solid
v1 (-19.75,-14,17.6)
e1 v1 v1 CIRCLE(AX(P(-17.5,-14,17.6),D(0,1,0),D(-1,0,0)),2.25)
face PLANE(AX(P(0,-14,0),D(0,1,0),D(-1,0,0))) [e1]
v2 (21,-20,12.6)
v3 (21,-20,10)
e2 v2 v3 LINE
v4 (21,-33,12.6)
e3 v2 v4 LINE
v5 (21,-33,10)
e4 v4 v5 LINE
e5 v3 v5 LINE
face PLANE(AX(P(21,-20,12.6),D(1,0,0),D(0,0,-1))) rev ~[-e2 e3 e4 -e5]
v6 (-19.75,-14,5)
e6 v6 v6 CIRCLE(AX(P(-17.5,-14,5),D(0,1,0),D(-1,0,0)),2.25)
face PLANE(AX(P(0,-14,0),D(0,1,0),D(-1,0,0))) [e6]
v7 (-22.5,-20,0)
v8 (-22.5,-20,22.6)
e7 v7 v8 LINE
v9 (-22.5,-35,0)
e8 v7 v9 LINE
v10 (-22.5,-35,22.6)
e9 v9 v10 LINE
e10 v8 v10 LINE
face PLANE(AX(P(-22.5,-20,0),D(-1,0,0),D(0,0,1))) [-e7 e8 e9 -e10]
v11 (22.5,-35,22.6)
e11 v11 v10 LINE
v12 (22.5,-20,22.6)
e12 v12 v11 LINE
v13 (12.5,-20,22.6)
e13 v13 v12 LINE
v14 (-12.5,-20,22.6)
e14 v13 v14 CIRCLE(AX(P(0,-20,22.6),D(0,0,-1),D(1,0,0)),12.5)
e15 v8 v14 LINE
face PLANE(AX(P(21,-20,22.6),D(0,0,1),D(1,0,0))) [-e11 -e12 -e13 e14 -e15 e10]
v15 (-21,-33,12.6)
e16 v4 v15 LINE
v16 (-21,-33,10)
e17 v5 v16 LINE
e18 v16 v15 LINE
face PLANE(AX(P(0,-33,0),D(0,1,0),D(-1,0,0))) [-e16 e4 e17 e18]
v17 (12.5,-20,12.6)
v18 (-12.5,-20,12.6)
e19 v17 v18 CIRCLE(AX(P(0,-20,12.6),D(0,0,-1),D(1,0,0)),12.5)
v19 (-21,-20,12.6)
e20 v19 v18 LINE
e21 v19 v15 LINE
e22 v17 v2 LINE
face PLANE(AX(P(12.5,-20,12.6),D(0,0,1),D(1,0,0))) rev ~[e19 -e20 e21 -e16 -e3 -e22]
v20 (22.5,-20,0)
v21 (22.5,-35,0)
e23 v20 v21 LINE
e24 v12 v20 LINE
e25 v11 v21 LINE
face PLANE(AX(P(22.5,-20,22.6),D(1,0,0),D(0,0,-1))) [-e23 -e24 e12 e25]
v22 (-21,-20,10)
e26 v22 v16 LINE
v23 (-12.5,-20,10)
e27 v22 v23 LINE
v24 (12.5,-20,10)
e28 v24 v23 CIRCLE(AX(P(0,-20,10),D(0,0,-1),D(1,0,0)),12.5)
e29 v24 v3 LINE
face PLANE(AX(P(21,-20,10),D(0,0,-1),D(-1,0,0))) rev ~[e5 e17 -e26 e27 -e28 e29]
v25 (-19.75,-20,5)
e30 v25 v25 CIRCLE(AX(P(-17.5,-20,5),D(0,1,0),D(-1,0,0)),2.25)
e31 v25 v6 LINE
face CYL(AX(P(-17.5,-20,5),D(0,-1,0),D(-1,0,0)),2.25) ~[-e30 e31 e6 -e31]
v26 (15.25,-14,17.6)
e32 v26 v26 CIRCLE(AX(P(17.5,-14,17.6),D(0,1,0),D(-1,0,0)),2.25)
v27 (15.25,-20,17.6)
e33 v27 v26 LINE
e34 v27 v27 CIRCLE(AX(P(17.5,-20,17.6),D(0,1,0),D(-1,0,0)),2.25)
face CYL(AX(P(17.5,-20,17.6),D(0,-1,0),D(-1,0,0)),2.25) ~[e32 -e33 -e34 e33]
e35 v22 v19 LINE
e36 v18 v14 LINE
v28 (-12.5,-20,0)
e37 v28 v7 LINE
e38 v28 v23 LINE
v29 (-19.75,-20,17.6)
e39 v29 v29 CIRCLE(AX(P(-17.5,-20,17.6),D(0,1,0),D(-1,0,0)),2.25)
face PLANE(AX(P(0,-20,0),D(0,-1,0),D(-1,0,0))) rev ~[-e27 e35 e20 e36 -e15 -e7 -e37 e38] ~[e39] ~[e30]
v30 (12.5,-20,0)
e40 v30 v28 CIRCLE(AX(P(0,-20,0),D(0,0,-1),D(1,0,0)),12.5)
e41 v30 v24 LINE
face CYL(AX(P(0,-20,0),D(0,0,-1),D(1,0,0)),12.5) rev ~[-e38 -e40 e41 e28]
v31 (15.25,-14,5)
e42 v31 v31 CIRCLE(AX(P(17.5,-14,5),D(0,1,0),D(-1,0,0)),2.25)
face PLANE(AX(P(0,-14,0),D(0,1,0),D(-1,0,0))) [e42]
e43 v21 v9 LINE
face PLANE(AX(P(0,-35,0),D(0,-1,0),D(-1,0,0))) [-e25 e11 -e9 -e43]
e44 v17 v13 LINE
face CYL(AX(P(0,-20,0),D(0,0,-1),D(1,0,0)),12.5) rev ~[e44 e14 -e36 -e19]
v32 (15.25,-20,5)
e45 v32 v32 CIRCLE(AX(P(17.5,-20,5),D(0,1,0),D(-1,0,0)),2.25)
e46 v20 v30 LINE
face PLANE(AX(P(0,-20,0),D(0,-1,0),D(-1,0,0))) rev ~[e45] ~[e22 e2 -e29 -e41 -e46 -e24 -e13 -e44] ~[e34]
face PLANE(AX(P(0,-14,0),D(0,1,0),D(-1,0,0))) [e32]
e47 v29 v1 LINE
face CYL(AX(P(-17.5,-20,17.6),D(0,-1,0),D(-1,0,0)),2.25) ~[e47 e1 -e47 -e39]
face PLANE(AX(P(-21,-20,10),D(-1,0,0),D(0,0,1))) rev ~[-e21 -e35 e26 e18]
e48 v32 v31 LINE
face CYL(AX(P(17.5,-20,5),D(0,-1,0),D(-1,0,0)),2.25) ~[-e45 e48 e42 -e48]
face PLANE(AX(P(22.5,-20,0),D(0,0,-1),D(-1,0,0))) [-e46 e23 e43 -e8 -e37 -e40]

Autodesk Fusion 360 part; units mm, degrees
sketch "スケッチ1" plane through (0, 0, 0) normal (0, 1, 0) x (1, 0, 0)
  line L0 (-21, 0) -> (21, 0)
  line L1 (21, 0) -> (21, -72.5)
  line L2 (21, -72.5) -> (-21, -72.5)
  line L3 (-21, -72.5) -> (-21, 0)
  line L4 (6.5, -72.5) -> (-6.5, -72.5)
  line L5 (-6.5, -72.5) -> (-6.5, -96.5)
  line L6 (-6.5, -96.5) -> (6.5, -96.5)
  line L7 (6.5, -96.5) -> (6.5, -72.5)
  line L8 (-12.5, -160.5) -> (9, -160.5)
  line L9 (9, -160.5) -> (9, -96.5)
  line L10 (9, -96.5) -> (-12.5, -96.5)
  line L11 (-12.5, -96.5) -> (-12.5, -160.5)
  line L12 (-21, -67.5) -> (21, -67.5) construction
  circle A0 centre (-12, -67.5) radius 1.75
  circle A1 centre (12, -67.5) radius 1.75
  line L13 (0, -1.75) -> (0, -22.5)
  circle A2 centre (0, -155.5) radius 2
  dimension "d1" = 42
  dimension "d2" = 5
  dimension "d3" = 3.5
  dimension "d4" = 3.5
  dimension "d5" = 24
  dimension "d6" = 72.5
  dimension "d7" = 13
  dimension "d8" = 2.5
  dimension "d9" = 6
  dimension "d10" = 24
  dimension "d11" = 64
  dimension "d12" = 4
  dimension "d13" = 5
extrude "押し出し1" add sketch "スケッチ1" against normal blind 2 makes body 1
sketch "スケッチ2" plane through (0, 0, 0) normal (0, 1, 0) x (-1, 0, 0)
  circle A0 centre (12, 67.5) radius 1.75
  circle A1 centre (-12, 67.5) radius 1.75
  circle A2 centre (0, 155.5) radius 2
  line L0 (6.5, 72.5) -> (6.5, 96.5)
  line L1 (6.5, 96.5) -> (12.5, 96.5)
  line L2 (12.5, 96.5) -> (12.5, 160.5)
  line L3 (12.5, 160.5) -> (-9, 160.5)
  line L4 (-9, 160.5) -> (-9, 96.5)
  line L5 (-9, 96.5) -> (-6.5, 96.5)
  line L6 (-6.5, 96.5) -> (-6.5, 72.5)
  line L7 (-6.5, 72.5) -> (-21, 72.5)
  line L8 (-21, 72.5) -> (-21, 0)
  line L9 (-21, 0) -> (21, 0)
  line L10 (21, 0) -> (21, 72.5)
  line L11 (21, 72.5) -> (6.5, 72.5)
  line L12 (-21, 0) -> (-22.5, 0)
  line L13 (-22.5, 0) -> (-22.5, 74)
  line L14 (-22.5, 74) -> (-8, 74)
  line L15 (-8, 74) -> (-8, 95)
  line L16 (-8, 95) -> (-10.5, 95)
  line L17 (-10.5, 95) -> (-10.5, 160.5)
  line L18 (-10.5, 160.5) -> (-9, 160.5)
  line L19 (12.5, 160.5) -> (14, 160.5)
  line L20 (14, 160.5) -> (14, 95)
  line L21 (14, 95) -> (8, 95)
  line L22 (8, 95) -> (8, 74)
  line L23 (8, 74) -> (22.5, 74)
  line L24 (22.5, 74) -> (22.5, 0)
  line L25 (22.5, 0) -> (21, 0)
  dimension "d16" = 1.5
  dimension "d17" = 1.5
  dimension "d18" = 1.5
  dimension "d19" = 1.5
  dimension "d20" = 1.5
  dimension "d22" = 1.5
  dimension "d23" = 1.5
  dimension "d24" = 1.5
  dimension "d25" = 1.5
  dimension "d26" = 1.5
extrude "押し出し2" add sketch "スケッチ2" against normal blind 15 contours L0 L1 L2 L10 L11 L19 L20 L21 L22 L23 L24 L25 | L4 L5 L6 L7 L8 L12 L13 L14 L15 L16 L17 L18 bodies 1
sketch "スケッチ3" plane through (0, -2, 0) normal (0, -1, 0) x (1, 0, 0)
  circle A0 centre (-12, 67.5) radius 1.75
  circle A1 centre (12, 67.5) radius 1.75
  circle A2 centre (0, 155.5) radius 2
  line L0 (-6.5, 96.5) -> (-6.5, 72.5)
  line L1 (-6.5, 72.5) -> (-21, 72.5)
  line L2 (-21, 72.5) -> (-21, 0)
  line L3 (-21, 0) -> (21, 0)
  line L4 (21, 0) -> (21, 72.5)
  line L5 (21, 72.5) -> (6.5, 72.5)
  line L6 (6.5, 72.5) -> (6.5, 96.5)
  line L7 (6.5, 96.5) -> (9, 96.5)
  line L8 (9, 96.5) -> (9, 160.5)
  line L9 (9, 160.5) -> (-12.5, 160.5)
  line L10 (-12.5, 160.5) -> (-12.5, 96.5)
  line L11 (-12.5, 96.5) -> (-6.5, 96.5)
  line L12 (-21, 0) -> (21, 0)
  line L13 (21, 0) -> (21, 10)
  line L14 (21, 10) -> (-21, 10)
  line L15 (-21, 10) -> (-21, 0)
  line L16 (-21, 12.6) -> (21, 12.6)
  line L17 (21, 12.6) -> (21, 22.6)
  line L18 (21, 22.6) -> (-21, 22.6)
  line L19 (-21, 22.6) -> (-21, 12.6)
  dimension "d29" = 10
  dimension "d30" = 10
  dimension "d31" = 2.6
extrude "押し出し3" add sketch "スケッチ3" along normal up to surface (13 mm away) contours L2 L4 L16 L17 L18 L19 | L2 L3 L4 L12 L13 L14 L15 bodies 1
sketch "スケッチ4" plane through (0, 0, 0) normal (0, 0, -1) x (1, 0, 0)
  line L0 (-22.5, 0) -> (22.5, 0)
  line L1 (22.5, 0) -> (22.5, 15)
  line L2 (22.5, 15) -> (-22.5, 15)
  line L3 (-22.5, 15) -> (-22.5, 0)
  arc A0 (-12.5, 15) -> (12.5, 15) centre (0, 15) ccw
  dimension "d34" = 25
extrude "押し出し4" cut sketch "スケッチ4" against normal up to surface (22.6 mm away) contours L2 A0 bodies 1
sketch "スケッチ10" plane through (0, -2, 0) normal (0, -1, 0) x (1, 0, 0)
  circle A0 centre (12, 67.5) radius 1.75
  circle A1 centre (0, 155.5) radius 2
  circle A2 centre (-12, 67.5) radius 1.75
  line L0 (-21, 22.6) -> (21, 22.6)
  line L1 (21, 22.6) -> (21, 72.5)
  line L2 (21, 72.5) -> (6.5, 72.5)
  line L3 (6.5, 72.5) -> (6.5, 96.5)
  line L4 (6.5, 96.5) -> (9, 96.5)
  line L5 (9, 96.5) -> (9, 160.5)
  line L6 (9, 160.5) -> (-12.5, 160.5)
  line L7 (-12.5, 160.5) -> (-12.5, 96.5)
  line L8 (-12.5, 96.5) -> (-6.5, 96.5)
  line L9 (-6.5, 96.5) -> (-6.5, 72.5)
  line L10 (-6.5, 72.5) -> (-21, 72.5)
  line L11 (-21, 72.5) -> (-21, 22.6)
  circle A3 centre (0, 155.5) radius 4
  dimension "d48" = 8
extrude "押し出し9" add sketch "スケッチ10" along normal blind 6 contours A3 bodies 1
sketch "スケッチ9" plane through (0, -2, 0) normal (0, -1, 0) x (1, 0, 0)
  circle A0 centre (12, 67.5) radius 1.75
  circle A1 centre (-12, 67.5) radius 1.75
  line L0 (-21, 22.6) -> (21, 22.6)
  line L1 (21, 22.6) -> (21, 72.5)
  line L2 (21, 72.5) -> (6.5, 72.5)
  line L3 (6.5, 72.5) -> (6.5, 96.5)
  line L4 (6.5, 96.5) -> (9, 96.5)
  line L5 (9, 96.5) -> (9, 160.5)
  line L6 (9, 160.5) -> (-12.5, 160.5)
  line L7 (-12.5, 160.5) -> (-12.5, 96.5)
  line L8 (-12.5, 96.5) -> (-6.5, 96.5)
  line L9 (-6.5, 96.5) -> (-6.5, 72.5)
  line L10 (-6.5, 72.5) -> (-21, 72.5)
  line L11 (-21, 72.5) -> (-21, 22.6)
  line L12 (-21, 72.5) -> (21, 72.5)
  line L13 (21, 72.5) -> (21, 62.5)
  line L14 (21, 62.5) -> (-21, 62.5)
  line L15 (-21, 62.5) -> (-21, 72.5)
  circle A2 centre (0, 155.5) radius 4
  dimension "d45" = 10
extrude "押し出し8" add sketch "スケッチ9" along normal blind 1 contours L1 L2 L10 L11 L12 L13 L14 L15 bodies 1
ref_plane "作業平面1" through (0, -20, 80.25) normal (0, -1, 0) x (0, 0, -1)
sketch "スケッチ6" plane through (0, -20, 0) normal (0, -1, 0) x (-1, 0, 0)
  line L0 (-22.5, 0) -> (22.5, 0)
  line L1 (22.5, 0) -> (22.5, -22.6)
  line L2 (22.5, -22.6) -> (-22.5, -22.6)
  line L3 (-22.5, -22.6) -> (-22.5, 0)
  line L4 (-22.5, 0) -> (-22.5, -74)
  line L5 (-12.5, -22.6) -> (-21, -22.6)
  line L6 (-12.5, 0) -> (-22.5, 0)
  line L7 (22.5, -74) -> (22.5, 0)
extrude "押し出し5" add sketch "スケッチ6" along normal blind 15 separate body makes body 2
sketch "スケッチ7" plane through (0, 0, 0) normal (0, 0, -1) x (1, 0, 0)
  line L0 (-22.5, 20) -> (22.5, 20)
  line L1 (22.5, 20) -> (22.5, 35)
  line L2 (22.5, 35) -> (-22.5, 35)
  line L3 (-22.5, 35) -> (-22.5, 20)
  arc A0 (12.5, 20) -> (-12.5, 20) centre (0, 20) ccw
  dimension "d40" = 25
extrude "押し出し6" cut sketch "スケッチ7" against normal up to surface (22.6 mm away) contours L0 A0 bodies 2
sketch "スケッチ8" plane through (0, -20, 0) normal (0, 1, 0) x (-1, 0, 0)
  line L0 (-12.5, 0) -> (-12.5, 22.6)
  line L1 (-12.5, 22.6) -> (-22.5, 22.6)
  line L2 (-22.5, 22.6) -> (-22.5, 0)
  line L3 (-22.5, 0) -> (-12.5, 0)
  line L4 (21, 12.6) -> (-21, 12.6)
  line L5 (-21, 12.6) -> (-21, 10)
  line L6 (-21, 10) -> (21, 10)
  line L7 (21, 10) -> (21, 12.6)
  point P0 (21, 12.6)
  point P1 (21, 10)
  point P2 (-21, 12.6)
extrude "押し出し7" cut sketch "スケッチ8" against normal blind 13 contours L0 L4 L5 L6 | L0 L4 L6 L7 bodies 2
sketch "スケッチ11" plane through (0, -15, 0) normal (0, -1, 0) x (1, 0, 0)
  line L0 (-12.5, 0) -> (-12.5, 10)
  line L1 (-12.5, 10) -> (-21, 10)
  line L2 (-21, 10) -> (-21, 12.6)
  line L3 (-21, 12.6) -> (-12.5, 12.6)
  line L4 (-12.5, 12.6) -> (-12.5, 22.6)
  line L5 (-12.5, 22.6) -> (-21, 22.6)
  line L6 (-21, 22.6) -> (-21, 72.5)
  line L7 (-21, 72.5) -> (-6.5, 72.5)
  line L8 (-6.5, 72.5) -> (-6.5, 96.5)
  line L9 (-6.5, 96.5) -> (-12.5, 96.5)
  line L10 (-12.5, 96.5) -> (-12.5, 160.5)
  line L11 (-12.5, 160.5) -> (-14, 160.5)
  line L12 (-14, 160.5) -> (-14, 95)
  line L13 (-14, 95) -> (-8, 95)
  line L14 (-8, 95) -> (-8, 74)
  line L15 (-8, 74) -> (-22.5, 74)
  line L16 (-22.5, 74) -> (-22.5, 0)
  line L17 (-22.5, 0) -> (-12.5, 0)
  line L18 (-17.5, 17.6) -> (17.5, 17.6) construction
  line L19 (17.5, 17.6) -> (17.5, 5) construction
  line L20 (17.5, 5) -> (-17.5, 5) construction
  line L21 (-17.5, 5) -> (-17.5, 17.6) construction
  line L22 (22.5, 0) -> (22.5, 74)
  circle A0 centre (-17.5, 17.6) radius 2.5
  circle A1 centre (17.5, 17.6) radius 2.5
  circle A2 centre (-17.5, 5) radius 2.5
  circle A3 centre (17.5, 5) radius 2.5
  dimension "d51" = 5
  dimension "d52" = 5
  dimension "d53" = 5
  dimension "d54" = 5
  dimension "d55" = 5
  dimension "d56" = 5
  dimension "d57" = 5
  dimension "d58" = 5
extrude "押し出し10" cut sketch "スケッチ11" against normal blind 10 contours A0 | A1 | A2 | A3 bodies 1
sketch "スケッチ12" plane through (0, -20, 0) normal (0, 1, 0) x (-1, 0, 0)
  line L0 (12.5, 12.6) -> (21, 12.6)
  line L1 (21, 12.6) -> (21, 10)
  line L2 (21, 10) -> (12.5, 10)
  line L3 (12.5, 10) -> (12.5, 0)
  line L4 (12.5, 0) -> (22.5, 0)
  line L5 (22.5, 0) -> (22.5, 22.6)
  line L6 (22.5, 22.6) -> (12.5, 22.6)
  line L7 (12.5, 22.6) -> (12.5, 12.6)
  circle A0 centre (17.5, 17.6) radius 2.5
  circle A1 centre (17.5, 17.6) radius 2.5
  circle A2 centre (17.5, 5) radius 2.5
  circle A3 centre (-17.5, 17.6) radius 2.5
  circle A4 centre (-17.5, 5) radius 2.5
  circle A5 centre (-17.5, 17.6) radius 2.25
  circle A6 centre (-17.5, 5) radius 2.25
  circle A7 centre (17.5, 17.6) radius 2.25
  circle A8 centre (17.5, 5) radius 2.25
  dimension "d63" = 4.5
  dimension "d64" = 4.5
  dimension "d65" = 4.5
  dimension "d66" = 4.5
extrude "押し出し12" add sketch "スケッチ12" along normal blind 6 contours A5 | A6 | A7 | A8 bodies 2
sketch "スケッチ14" plane through (0, 0, 0) normal (0, 1, 0) x (-1, 0, 0)
  circle A0 centre (0, 155.5) radius 2
  circle A1 centre (12, 67.5) radius 1.75
  circle A2 centre (-12, 67.5) radius 1.75
  line L0 (14, 160.5) -> (-10.5, 160.5)
  line L1 (-10.5, 160.5) -> (-10.5, 95)
  line L2 (-10.5, 95) -> (-8, 95)
  line L3 (-8, 95) -> (-8, 74)
  line L4 (-8, 74) -> (-22.5, 74)
  line L5 (-22.5, 74) -> (-22.5, 0)
  line L6 (-22.5, 0) -> (22.5, 0)
  line L7 (22.5, 0) -> (22.5, 74)
  line L8 (22.5, 74) -> (8, 74)
  line L9 (8, 74) -> (8, 95)
  line L10 (8, 95) -> (14, 95)
  line L11 (14, 95) -> (14, 160.5)
  line L12 (14, 149) -> (15.5, 149)
  line L13 (15.5, 149) -> (14, 150.5)
  line L14 (14, 126.5) -> (15.5, 126.5)
  line L15 (15.5, 126.5) -> (14, 125)
  line L16 (-10.5, 150.5) -> (-12, 149)
  line L17 (-12, 149) -> (-10.5, 149)
  line L18 (-10.5, 126.5) -> (-12, 126.5)
  line L19 (-12, 126.5) -> (-10.5, 125)
  dimension "d79" = 10
  dimension "d80" = 10
  dimension "d81" = 1.5
  dimension "d82" = 1.5
  dimension "d83" = 22.5
  dimension "d84" = 1.5
  dimension "d85" = 1.5
  dimension "d86" = 1.5
  dimension "d88" = 1.5
  dimension "d89" = 1.5
extrude "押し出し13" add sketch "スケッチ14" against normal up to surface (15 mm away) contours L11 L12 L13 | L1 L16 L17 | L11 L14 L15 | L1 L18 L19 bodies 1
hidden bodies 1
